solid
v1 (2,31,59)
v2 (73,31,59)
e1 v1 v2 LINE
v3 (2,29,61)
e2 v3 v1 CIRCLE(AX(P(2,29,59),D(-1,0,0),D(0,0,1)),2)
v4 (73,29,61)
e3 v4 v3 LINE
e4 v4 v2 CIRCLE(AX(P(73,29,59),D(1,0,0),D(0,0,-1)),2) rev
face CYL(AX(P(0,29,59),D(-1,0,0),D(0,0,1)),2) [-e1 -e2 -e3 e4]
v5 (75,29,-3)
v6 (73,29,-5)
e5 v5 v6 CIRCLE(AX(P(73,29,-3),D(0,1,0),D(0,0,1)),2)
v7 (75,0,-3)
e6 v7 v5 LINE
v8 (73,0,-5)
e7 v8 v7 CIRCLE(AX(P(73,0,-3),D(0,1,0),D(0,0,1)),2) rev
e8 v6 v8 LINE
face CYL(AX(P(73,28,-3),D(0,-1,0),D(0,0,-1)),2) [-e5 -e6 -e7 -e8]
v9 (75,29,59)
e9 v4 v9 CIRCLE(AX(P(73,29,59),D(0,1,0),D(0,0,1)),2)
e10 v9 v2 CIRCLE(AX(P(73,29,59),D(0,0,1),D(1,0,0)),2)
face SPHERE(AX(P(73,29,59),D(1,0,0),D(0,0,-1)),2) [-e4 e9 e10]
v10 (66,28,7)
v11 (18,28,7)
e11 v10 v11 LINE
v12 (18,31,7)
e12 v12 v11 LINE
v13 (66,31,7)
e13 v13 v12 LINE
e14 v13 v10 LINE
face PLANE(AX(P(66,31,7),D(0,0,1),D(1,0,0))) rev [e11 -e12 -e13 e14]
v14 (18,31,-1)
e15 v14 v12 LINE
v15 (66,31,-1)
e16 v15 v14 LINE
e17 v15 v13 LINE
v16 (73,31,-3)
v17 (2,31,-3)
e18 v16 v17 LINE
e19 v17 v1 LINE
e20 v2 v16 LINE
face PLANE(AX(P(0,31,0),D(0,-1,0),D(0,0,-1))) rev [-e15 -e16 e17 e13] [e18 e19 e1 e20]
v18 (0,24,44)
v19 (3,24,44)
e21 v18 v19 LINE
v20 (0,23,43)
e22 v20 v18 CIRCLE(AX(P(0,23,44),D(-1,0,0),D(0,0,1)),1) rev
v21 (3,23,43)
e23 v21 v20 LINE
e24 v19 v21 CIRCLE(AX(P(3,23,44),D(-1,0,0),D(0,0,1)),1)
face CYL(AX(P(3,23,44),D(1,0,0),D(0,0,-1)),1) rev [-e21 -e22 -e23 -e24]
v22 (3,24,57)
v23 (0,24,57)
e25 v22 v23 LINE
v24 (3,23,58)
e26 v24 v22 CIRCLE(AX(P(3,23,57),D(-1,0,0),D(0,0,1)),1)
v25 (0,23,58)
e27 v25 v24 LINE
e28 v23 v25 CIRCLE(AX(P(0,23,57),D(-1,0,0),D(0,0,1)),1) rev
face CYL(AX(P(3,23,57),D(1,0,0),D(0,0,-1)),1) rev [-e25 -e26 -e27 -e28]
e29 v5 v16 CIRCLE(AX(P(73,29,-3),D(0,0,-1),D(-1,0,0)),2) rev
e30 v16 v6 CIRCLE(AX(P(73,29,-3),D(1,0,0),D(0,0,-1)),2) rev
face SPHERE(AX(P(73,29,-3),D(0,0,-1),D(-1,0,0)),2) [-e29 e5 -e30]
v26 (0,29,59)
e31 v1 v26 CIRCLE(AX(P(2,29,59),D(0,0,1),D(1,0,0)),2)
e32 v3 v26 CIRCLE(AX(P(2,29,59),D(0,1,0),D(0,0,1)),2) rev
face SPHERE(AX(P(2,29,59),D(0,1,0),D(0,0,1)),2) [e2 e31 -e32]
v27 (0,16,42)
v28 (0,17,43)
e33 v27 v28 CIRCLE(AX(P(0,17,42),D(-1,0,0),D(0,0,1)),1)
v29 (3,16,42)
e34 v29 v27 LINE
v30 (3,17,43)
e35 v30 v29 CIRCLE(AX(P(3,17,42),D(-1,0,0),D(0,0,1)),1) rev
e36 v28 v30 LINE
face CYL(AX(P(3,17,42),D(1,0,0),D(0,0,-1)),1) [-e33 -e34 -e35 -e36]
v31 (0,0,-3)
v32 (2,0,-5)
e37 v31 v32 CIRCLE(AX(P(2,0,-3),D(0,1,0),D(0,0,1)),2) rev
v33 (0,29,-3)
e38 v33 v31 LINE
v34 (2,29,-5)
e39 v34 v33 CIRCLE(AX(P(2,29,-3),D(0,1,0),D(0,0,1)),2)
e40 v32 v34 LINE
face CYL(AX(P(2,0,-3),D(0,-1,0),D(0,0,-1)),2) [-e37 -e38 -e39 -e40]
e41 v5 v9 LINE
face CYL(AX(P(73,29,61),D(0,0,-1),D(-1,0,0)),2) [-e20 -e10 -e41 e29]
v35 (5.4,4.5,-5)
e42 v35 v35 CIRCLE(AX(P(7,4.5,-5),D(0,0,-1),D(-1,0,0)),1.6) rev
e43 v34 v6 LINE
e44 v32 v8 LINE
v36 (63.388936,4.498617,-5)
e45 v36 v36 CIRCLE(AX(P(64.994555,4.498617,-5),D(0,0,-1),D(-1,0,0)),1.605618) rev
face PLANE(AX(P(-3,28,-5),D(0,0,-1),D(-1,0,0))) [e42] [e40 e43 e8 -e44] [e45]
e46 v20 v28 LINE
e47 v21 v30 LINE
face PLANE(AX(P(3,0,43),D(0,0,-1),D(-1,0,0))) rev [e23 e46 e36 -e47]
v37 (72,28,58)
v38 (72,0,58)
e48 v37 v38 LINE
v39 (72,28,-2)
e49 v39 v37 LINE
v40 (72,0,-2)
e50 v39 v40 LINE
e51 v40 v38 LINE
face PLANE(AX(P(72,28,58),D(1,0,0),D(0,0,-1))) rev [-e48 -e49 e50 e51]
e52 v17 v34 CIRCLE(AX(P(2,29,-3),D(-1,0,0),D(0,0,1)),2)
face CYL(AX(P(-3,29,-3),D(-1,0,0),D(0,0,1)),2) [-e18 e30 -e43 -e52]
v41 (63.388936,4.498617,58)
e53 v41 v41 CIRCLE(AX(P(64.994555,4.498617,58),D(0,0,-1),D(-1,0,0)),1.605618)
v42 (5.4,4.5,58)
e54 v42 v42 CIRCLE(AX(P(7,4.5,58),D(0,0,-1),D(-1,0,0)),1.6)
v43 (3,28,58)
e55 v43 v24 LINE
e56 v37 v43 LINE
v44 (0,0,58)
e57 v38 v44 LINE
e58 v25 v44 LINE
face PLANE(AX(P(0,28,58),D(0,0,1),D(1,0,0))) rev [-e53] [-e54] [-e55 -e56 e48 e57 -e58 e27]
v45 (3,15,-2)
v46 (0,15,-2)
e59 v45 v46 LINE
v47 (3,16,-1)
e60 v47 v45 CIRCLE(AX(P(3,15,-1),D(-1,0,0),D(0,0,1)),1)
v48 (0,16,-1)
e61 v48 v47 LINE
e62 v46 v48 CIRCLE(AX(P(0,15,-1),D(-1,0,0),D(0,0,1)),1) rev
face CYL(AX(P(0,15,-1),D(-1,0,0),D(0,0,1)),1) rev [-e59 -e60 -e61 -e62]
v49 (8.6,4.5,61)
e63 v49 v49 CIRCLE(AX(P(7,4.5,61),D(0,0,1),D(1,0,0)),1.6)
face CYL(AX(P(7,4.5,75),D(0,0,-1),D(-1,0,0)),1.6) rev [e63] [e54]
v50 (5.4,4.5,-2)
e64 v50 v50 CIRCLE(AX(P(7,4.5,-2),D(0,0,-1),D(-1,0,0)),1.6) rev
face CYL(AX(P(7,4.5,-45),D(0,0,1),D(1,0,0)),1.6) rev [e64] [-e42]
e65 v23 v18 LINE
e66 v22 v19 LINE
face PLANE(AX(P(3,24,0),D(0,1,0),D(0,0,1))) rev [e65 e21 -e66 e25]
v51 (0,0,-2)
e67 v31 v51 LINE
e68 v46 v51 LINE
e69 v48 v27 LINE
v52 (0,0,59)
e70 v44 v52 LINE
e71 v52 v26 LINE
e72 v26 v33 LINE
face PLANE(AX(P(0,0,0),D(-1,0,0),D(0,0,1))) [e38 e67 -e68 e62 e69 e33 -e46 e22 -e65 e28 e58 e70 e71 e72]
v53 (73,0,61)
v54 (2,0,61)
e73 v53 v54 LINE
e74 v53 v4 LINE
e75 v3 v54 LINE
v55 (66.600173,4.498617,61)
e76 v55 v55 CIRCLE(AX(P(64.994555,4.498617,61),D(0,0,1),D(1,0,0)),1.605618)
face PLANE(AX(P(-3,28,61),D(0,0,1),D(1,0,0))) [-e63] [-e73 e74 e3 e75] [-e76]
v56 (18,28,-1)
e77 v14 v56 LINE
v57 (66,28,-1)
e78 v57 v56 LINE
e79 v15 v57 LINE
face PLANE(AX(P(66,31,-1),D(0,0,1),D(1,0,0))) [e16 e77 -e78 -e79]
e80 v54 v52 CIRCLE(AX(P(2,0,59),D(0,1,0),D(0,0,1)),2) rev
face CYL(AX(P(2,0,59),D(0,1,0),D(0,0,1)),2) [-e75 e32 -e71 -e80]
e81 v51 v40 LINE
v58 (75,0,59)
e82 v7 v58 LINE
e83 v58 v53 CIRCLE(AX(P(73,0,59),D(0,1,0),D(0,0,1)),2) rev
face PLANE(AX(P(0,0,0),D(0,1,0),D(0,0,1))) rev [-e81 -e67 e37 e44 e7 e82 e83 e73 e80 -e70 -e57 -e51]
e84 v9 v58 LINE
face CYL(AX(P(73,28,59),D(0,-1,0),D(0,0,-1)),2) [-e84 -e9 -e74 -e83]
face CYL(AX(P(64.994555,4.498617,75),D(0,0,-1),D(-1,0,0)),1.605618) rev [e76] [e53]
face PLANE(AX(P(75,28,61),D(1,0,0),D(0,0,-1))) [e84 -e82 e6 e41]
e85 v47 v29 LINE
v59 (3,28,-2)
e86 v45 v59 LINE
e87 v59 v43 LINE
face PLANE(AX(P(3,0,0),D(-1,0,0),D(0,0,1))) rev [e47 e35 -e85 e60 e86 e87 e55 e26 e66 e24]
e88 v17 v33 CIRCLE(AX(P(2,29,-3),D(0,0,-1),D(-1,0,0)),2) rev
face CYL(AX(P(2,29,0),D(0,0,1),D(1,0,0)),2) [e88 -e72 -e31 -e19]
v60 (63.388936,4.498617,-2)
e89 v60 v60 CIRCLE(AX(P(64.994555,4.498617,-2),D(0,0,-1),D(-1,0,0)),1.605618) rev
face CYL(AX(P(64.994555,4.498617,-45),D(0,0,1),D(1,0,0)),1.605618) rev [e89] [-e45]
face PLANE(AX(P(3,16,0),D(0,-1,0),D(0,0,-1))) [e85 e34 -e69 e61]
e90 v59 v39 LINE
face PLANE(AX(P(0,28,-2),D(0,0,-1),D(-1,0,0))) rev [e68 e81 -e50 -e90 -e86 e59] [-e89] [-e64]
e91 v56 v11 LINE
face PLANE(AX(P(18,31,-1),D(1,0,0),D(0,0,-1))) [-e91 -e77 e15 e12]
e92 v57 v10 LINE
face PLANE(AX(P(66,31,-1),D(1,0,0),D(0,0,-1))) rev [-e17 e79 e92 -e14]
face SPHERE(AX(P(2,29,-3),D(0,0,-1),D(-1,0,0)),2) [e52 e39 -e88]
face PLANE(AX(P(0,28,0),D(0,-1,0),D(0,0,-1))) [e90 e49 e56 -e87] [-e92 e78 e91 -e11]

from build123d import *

# Parameters (mm, degrees)
SKETCH1_W               = 78
SKETCH1_H               = 66
SKETCH1_W_2             = 72
SKETCH1_H_2             = 60
BOSS_EXTRUDE1_DEPTH     = 28
SKETCH2_W               = 78
SKETCH2_H               = 66
SKETCH2_W_2             = 48
SKETCH2_H_2             = 8
BOSS_EXTRUDE2_DEPTH     = 3
SKETCH3_W               = 66
SKETCH3_H               = 31
CUT_EXTRUDE1_DEPTH      = 3
SKETCH5_W               = 60
SKETCH5_H               = 4
BOSS_EXTRUDE4_DEPTH     = 3
SKETCH5_4_W             = 45
SKETCH5_4_H             = 8
BOSS_EXTRUDE5_DEPTH     = 3
FILLET1_R               = 1
FILLET2_R               = 2
SKETCH6_R               = 1.605618252
SKETCH6_R_2             = 1.6
CUT_EXTRUDE2_DEPTH      = 17
CUT_EXTRUDE4_DEPTH      = 103
CUT_EXTRUDE4_DEPTH_BACK = 17
SKETCH6_3_R             = 1.605618252
SKETCH6_3_R_2           = 1.6


with BuildPart() as part:
    # Sketch1 → Boss-Extrude1 (new body)
    with BuildSketch(Plane.XZ):
        with Locations((36, 28)):
            Rectangle(SKETCH1_W, SKETCH1_H)
        with Locations((36, 28)):
            Rectangle(SKETCH1_W_2, SKETCH1_H_2, mode=Mode.SUBTRACT)
    extrude(amount=-BOSS_EXTRUDE1_DEPTH)

    # Sketch2 → Boss-Extrude2 (add)
    with BuildSketch(Plane(origin=(0, 28, 0), x_dir=(1, 0, 0), z_dir=(0, 1, 0))):
        with Locations((36, -28)):
            Rectangle(SKETCH2_W, SKETCH2_H)
        with Locations((42, -3)):
            Rectangle(SKETCH2_W_2, SKETCH2_H_2, mode=Mode.SUBTRACT)
    extrude(amount=BOSS_EXTRUDE2_DEPTH)

    # Sketch3 → Cut-Extrude1 (cut)
    with BuildSketch(Plane.ZY.offset(3)):
        with Locations((28, 15.5)):
            Rectangle(SKETCH3_W, SKETCH3_H)
    extrude(amount=-CUT_EXTRUDE1_DEPTH, mode=Mode.SUBTRACT)

    # Sketch5 → Boss-Extrude4 (add)
    with BuildSketch(Plane.ZY):
        with Locations((28, 26)):
            Rectangle(SKETCH5_W, SKETCH5_H)
    extrude(amount=-BOSS_EXTRUDE4_DEPTH)

    # Sketch5<4> → Boss-Extrude5 (add)
    with BuildSketch(Plane.ZY):
        with Locations((20.5, 20)):
            Rectangle(SKETCH5_4_W, SKETCH5_4_H)
    extrude(amount=-BOSS_EXTRUDE5_DEPTH)

    # Fillet1
    fillet1_edges = [part.edges().sort_by_distance(p)[0] for p in [
        (1.5, 16, -2),
        (1.5, 16, 43),
        (1.5, 24, 43),
        (1.5, 24, 58),
    ]]
    fillet(fillet1_edges, radius=FILLET1_R)

    # Fillet2
    fillet2_edges = [part.edges().sort_by_distance(p)[0] for p in [
        (0, 15.5, 61),
        (37.5, 31, 61),
        (75, 15.5, 61),
        (75, 31, 28),
        (0, 31, 28),
        (0, 15.5, -5),
        (37.5, 31, -5),
        (75, 15.5, -5),
    ]]
    fillet(fillet2_edges, radius=FILLET2_R)

    # Sketch6 → Cut-Extrude2 (cut)
    with BuildSketch(Plane(origin=(0, 0, 58), x_dir=(-1, 0, 0), z_dir=(0, 0, -1))):
        with Locations((-64.99455474, 4.498616562)):
            Circle(SKETCH6_R)
        with Locations((-7, 4.5)):
            Circle(SKETCH6_R_2)
    extrude(amount=-CUT_EXTRUDE2_DEPTH, mode=Mode.SUBTRACT)

    # Sketch6<3> → Cut-Extrude4 (cut, two sides: drawn at the far end of the back side and taken through both)
    with BuildSketch(Plane(origin=(0, 0, 58), x_dir=(-1, 0, 0), z_dir=(0, 0, -1)).offset(-CUT_EXTRUDE4_DEPTH_BACK)):
        with Locations((-64.99455474, 4.498616562)):
            Circle(SKETCH6_3_R)
        with Locations((-7, 4.5)):
            Circle(SKETCH6_3_R_2)
    extrude(amount=CUT_EXTRUDE4_DEPTH + CUT_EXTRUDE4_DEPTH_BACK, mode=Mode.SUBTRACT)


solid = part.part
